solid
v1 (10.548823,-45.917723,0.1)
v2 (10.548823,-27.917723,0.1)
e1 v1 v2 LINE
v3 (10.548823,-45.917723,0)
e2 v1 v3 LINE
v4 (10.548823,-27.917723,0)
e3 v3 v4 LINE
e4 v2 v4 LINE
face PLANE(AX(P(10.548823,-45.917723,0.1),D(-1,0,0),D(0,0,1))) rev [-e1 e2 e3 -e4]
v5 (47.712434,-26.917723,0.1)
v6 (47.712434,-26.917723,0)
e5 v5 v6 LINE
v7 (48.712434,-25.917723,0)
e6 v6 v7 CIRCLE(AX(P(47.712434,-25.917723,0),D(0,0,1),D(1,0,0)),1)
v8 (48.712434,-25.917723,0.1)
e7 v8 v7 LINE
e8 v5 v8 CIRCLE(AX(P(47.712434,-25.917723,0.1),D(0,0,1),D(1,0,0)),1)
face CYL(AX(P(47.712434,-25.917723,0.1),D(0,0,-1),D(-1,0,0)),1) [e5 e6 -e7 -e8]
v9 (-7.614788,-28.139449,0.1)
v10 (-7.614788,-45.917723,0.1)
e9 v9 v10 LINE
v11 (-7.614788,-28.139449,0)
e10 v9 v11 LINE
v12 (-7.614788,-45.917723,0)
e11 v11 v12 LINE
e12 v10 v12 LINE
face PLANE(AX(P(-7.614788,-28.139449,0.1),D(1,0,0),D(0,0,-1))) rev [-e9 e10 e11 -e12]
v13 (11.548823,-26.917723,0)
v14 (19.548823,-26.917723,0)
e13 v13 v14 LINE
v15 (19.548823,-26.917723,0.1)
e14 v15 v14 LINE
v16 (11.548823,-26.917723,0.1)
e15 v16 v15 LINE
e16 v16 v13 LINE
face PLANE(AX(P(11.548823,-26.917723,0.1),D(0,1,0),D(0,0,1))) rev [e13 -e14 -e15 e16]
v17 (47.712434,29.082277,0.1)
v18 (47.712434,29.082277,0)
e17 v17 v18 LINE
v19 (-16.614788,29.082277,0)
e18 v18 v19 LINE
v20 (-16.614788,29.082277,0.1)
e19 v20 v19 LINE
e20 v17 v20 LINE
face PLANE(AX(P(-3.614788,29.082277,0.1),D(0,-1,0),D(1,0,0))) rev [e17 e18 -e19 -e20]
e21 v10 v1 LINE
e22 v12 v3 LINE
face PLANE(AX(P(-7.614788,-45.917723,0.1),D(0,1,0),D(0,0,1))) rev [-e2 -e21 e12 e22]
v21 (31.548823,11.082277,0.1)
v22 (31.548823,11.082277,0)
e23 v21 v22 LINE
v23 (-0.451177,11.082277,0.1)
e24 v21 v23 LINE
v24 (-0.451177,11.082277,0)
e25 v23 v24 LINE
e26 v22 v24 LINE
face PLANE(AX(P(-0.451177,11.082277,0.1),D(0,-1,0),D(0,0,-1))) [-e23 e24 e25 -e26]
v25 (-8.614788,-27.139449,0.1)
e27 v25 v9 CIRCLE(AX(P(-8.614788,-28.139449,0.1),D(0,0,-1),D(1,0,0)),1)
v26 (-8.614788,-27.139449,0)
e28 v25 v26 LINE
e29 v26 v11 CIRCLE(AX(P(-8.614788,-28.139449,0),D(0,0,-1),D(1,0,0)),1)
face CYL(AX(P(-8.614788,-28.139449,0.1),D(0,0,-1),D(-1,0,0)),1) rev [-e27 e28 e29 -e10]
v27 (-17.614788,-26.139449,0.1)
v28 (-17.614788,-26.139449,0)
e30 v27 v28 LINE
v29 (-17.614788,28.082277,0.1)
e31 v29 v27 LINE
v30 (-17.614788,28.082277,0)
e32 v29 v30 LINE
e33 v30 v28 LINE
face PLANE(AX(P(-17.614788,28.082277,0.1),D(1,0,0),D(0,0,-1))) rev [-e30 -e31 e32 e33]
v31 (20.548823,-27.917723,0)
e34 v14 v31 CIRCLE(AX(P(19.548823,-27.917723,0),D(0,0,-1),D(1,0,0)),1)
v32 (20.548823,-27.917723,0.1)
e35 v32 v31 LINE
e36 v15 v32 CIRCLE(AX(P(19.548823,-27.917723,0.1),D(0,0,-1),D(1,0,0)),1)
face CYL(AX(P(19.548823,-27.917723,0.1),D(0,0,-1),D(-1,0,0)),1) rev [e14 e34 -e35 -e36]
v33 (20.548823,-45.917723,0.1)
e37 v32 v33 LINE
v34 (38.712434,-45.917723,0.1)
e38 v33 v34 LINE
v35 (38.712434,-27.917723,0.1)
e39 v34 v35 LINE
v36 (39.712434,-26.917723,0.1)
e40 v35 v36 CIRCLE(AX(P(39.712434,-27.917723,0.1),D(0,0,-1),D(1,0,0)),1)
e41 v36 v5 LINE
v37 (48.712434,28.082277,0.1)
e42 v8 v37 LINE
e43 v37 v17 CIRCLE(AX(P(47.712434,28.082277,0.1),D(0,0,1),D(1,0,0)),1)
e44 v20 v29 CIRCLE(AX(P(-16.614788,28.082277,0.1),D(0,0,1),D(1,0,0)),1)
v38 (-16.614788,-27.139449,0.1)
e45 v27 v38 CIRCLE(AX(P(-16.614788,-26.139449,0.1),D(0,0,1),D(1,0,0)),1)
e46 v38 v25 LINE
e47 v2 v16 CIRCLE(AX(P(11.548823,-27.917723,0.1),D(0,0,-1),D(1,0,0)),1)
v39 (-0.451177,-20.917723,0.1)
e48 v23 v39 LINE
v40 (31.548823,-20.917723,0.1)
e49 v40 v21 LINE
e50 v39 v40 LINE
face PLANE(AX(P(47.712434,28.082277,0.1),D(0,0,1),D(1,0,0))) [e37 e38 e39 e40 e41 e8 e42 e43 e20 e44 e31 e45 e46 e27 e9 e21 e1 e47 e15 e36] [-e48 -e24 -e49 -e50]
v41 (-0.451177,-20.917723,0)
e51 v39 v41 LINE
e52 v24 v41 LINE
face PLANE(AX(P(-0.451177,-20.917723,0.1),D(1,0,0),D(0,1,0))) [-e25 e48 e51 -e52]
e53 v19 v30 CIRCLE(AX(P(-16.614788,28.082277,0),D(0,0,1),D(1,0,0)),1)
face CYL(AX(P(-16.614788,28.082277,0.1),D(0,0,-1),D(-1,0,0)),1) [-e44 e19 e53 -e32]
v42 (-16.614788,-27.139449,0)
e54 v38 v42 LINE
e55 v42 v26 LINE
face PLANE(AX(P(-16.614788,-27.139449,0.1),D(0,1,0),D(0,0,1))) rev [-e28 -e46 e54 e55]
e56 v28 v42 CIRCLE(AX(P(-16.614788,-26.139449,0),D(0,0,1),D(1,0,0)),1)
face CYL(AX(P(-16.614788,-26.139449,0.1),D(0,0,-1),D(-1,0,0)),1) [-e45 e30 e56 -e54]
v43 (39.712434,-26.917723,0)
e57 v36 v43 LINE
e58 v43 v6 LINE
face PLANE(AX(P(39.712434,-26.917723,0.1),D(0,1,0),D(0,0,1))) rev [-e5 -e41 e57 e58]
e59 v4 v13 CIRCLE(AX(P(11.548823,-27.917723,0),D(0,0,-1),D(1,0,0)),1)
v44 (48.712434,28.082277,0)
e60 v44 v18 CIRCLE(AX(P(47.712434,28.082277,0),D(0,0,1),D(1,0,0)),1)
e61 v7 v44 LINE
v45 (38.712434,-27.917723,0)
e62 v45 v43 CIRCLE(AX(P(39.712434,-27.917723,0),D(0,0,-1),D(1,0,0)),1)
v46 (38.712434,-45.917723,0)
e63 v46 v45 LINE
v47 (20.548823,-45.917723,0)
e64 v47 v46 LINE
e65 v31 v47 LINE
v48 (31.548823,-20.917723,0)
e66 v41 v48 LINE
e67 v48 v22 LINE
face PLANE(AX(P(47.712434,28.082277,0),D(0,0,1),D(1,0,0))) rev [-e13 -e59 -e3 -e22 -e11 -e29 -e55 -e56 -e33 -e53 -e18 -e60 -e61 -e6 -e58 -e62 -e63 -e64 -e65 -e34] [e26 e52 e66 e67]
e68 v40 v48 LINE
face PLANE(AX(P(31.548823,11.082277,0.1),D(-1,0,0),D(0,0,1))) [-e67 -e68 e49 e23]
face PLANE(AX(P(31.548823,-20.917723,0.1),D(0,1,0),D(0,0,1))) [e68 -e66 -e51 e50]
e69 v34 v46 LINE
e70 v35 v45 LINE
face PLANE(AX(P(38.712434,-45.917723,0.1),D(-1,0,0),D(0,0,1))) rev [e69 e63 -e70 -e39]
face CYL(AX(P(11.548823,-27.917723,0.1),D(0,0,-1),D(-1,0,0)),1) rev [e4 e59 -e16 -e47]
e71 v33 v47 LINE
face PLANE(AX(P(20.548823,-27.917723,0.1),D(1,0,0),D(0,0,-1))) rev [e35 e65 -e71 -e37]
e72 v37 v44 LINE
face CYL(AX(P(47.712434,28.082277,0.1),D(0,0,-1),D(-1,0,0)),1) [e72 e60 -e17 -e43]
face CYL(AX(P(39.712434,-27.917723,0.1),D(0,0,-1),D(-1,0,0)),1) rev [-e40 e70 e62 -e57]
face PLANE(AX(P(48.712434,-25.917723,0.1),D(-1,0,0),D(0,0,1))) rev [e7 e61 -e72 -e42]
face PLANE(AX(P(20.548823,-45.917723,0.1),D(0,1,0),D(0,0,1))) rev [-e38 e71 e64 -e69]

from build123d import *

# Parameters (mm, degrees)
SALIENTE_EXTRUIR1_DEPTH = 0.1


with BuildPart() as part:
    # Model → Saliente-Extruir1 (new body)
    with BuildSketch(Plane.XY):
        with BuildLine():
            Line((34.712434383, 29.082277171), (47.712434383, 29.082277171))
            ThreePointArc((47.712434383, 29.082277171), (48.419541165, 28.789383952), (48.712434383, 28.082277171))
            Line((48.712434383, 28.082277171), (48.712434383, -25.917722829))
            ThreePointArc((48.712434383, -25.917722829), (48.419541165, -26.62482961), (47.712434383, -26.917722829))
            Line((47.712434383, -26.917722829), (39.712434383, -26.917722829))
            ThreePointArc((39.712434383, -26.917722829), (39.005327602, -27.210616048), (38.712434383, -27.917722829))
            Line((38.712434383, -27.917722829), (38.712434383, -45.917722829))
            Line((38.712434383, -45.917722829), (20.548823016, -45.917722829))
            Line((20.548823016, -45.917722829), (20.548823016, -27.917722829))
            ThreePointArc((20.548823016, -27.917722829), (20.255929797, -27.210616048), (19.548823016, -26.917722829))
            Line((19.548823016, -26.917722829), (11.548823016, -26.917722829))
            ThreePointArc((11.548823016, -26.917722829), (10.841716234, -27.210616048), (10.548823016, -27.917722829))
            Line((10.548823016, -27.917722829), (10.548823016, -45.917722829))
            Line((10.548823016, -45.917722829), (-7.614788352, -45.917722829))
            Line((-7.614788352, -45.917722829), (-7.614788352, -28.139448744))
            ThreePointArc((-7.614788352, -28.139448744), (-7.907681571, -27.432341963), (-8.614788352, -27.139448744))
            Line((-8.614788352, -27.139448744), (-16.614788352, -27.139448744))
            ThreePointArc((-16.614788352, -27.139448744), (-17.321895133, -26.846555525), (-17.614788352, -26.139448744))
            Line((-17.614788352, -26.139448744), (-17.614788352, 28.082277171))
            ThreePointArc((-17.614788352, 28.082277171), (-17.321895133, 28.789383952), (-16.614788352, 29.082277171))
            Line((-16.614788352, 29.082277171), (-3.614788352, 29.082277171))
            Line((-3.614788352, 29.082277171), (34.712434383, 29.082277171))
        make_face()
        Polygon((31.548823016, 11.082277171), (31.548823016, -20.917722829), (-0.451176984, -20.917722829), (-0.451176984, 11.082277171), (16.048823016, 11.082277171), align=None, mode=Mode.SUBTRACT)
    extrude(amount=SALIENTE_EXTRUIR1_DEPTH)


solid = part.part
